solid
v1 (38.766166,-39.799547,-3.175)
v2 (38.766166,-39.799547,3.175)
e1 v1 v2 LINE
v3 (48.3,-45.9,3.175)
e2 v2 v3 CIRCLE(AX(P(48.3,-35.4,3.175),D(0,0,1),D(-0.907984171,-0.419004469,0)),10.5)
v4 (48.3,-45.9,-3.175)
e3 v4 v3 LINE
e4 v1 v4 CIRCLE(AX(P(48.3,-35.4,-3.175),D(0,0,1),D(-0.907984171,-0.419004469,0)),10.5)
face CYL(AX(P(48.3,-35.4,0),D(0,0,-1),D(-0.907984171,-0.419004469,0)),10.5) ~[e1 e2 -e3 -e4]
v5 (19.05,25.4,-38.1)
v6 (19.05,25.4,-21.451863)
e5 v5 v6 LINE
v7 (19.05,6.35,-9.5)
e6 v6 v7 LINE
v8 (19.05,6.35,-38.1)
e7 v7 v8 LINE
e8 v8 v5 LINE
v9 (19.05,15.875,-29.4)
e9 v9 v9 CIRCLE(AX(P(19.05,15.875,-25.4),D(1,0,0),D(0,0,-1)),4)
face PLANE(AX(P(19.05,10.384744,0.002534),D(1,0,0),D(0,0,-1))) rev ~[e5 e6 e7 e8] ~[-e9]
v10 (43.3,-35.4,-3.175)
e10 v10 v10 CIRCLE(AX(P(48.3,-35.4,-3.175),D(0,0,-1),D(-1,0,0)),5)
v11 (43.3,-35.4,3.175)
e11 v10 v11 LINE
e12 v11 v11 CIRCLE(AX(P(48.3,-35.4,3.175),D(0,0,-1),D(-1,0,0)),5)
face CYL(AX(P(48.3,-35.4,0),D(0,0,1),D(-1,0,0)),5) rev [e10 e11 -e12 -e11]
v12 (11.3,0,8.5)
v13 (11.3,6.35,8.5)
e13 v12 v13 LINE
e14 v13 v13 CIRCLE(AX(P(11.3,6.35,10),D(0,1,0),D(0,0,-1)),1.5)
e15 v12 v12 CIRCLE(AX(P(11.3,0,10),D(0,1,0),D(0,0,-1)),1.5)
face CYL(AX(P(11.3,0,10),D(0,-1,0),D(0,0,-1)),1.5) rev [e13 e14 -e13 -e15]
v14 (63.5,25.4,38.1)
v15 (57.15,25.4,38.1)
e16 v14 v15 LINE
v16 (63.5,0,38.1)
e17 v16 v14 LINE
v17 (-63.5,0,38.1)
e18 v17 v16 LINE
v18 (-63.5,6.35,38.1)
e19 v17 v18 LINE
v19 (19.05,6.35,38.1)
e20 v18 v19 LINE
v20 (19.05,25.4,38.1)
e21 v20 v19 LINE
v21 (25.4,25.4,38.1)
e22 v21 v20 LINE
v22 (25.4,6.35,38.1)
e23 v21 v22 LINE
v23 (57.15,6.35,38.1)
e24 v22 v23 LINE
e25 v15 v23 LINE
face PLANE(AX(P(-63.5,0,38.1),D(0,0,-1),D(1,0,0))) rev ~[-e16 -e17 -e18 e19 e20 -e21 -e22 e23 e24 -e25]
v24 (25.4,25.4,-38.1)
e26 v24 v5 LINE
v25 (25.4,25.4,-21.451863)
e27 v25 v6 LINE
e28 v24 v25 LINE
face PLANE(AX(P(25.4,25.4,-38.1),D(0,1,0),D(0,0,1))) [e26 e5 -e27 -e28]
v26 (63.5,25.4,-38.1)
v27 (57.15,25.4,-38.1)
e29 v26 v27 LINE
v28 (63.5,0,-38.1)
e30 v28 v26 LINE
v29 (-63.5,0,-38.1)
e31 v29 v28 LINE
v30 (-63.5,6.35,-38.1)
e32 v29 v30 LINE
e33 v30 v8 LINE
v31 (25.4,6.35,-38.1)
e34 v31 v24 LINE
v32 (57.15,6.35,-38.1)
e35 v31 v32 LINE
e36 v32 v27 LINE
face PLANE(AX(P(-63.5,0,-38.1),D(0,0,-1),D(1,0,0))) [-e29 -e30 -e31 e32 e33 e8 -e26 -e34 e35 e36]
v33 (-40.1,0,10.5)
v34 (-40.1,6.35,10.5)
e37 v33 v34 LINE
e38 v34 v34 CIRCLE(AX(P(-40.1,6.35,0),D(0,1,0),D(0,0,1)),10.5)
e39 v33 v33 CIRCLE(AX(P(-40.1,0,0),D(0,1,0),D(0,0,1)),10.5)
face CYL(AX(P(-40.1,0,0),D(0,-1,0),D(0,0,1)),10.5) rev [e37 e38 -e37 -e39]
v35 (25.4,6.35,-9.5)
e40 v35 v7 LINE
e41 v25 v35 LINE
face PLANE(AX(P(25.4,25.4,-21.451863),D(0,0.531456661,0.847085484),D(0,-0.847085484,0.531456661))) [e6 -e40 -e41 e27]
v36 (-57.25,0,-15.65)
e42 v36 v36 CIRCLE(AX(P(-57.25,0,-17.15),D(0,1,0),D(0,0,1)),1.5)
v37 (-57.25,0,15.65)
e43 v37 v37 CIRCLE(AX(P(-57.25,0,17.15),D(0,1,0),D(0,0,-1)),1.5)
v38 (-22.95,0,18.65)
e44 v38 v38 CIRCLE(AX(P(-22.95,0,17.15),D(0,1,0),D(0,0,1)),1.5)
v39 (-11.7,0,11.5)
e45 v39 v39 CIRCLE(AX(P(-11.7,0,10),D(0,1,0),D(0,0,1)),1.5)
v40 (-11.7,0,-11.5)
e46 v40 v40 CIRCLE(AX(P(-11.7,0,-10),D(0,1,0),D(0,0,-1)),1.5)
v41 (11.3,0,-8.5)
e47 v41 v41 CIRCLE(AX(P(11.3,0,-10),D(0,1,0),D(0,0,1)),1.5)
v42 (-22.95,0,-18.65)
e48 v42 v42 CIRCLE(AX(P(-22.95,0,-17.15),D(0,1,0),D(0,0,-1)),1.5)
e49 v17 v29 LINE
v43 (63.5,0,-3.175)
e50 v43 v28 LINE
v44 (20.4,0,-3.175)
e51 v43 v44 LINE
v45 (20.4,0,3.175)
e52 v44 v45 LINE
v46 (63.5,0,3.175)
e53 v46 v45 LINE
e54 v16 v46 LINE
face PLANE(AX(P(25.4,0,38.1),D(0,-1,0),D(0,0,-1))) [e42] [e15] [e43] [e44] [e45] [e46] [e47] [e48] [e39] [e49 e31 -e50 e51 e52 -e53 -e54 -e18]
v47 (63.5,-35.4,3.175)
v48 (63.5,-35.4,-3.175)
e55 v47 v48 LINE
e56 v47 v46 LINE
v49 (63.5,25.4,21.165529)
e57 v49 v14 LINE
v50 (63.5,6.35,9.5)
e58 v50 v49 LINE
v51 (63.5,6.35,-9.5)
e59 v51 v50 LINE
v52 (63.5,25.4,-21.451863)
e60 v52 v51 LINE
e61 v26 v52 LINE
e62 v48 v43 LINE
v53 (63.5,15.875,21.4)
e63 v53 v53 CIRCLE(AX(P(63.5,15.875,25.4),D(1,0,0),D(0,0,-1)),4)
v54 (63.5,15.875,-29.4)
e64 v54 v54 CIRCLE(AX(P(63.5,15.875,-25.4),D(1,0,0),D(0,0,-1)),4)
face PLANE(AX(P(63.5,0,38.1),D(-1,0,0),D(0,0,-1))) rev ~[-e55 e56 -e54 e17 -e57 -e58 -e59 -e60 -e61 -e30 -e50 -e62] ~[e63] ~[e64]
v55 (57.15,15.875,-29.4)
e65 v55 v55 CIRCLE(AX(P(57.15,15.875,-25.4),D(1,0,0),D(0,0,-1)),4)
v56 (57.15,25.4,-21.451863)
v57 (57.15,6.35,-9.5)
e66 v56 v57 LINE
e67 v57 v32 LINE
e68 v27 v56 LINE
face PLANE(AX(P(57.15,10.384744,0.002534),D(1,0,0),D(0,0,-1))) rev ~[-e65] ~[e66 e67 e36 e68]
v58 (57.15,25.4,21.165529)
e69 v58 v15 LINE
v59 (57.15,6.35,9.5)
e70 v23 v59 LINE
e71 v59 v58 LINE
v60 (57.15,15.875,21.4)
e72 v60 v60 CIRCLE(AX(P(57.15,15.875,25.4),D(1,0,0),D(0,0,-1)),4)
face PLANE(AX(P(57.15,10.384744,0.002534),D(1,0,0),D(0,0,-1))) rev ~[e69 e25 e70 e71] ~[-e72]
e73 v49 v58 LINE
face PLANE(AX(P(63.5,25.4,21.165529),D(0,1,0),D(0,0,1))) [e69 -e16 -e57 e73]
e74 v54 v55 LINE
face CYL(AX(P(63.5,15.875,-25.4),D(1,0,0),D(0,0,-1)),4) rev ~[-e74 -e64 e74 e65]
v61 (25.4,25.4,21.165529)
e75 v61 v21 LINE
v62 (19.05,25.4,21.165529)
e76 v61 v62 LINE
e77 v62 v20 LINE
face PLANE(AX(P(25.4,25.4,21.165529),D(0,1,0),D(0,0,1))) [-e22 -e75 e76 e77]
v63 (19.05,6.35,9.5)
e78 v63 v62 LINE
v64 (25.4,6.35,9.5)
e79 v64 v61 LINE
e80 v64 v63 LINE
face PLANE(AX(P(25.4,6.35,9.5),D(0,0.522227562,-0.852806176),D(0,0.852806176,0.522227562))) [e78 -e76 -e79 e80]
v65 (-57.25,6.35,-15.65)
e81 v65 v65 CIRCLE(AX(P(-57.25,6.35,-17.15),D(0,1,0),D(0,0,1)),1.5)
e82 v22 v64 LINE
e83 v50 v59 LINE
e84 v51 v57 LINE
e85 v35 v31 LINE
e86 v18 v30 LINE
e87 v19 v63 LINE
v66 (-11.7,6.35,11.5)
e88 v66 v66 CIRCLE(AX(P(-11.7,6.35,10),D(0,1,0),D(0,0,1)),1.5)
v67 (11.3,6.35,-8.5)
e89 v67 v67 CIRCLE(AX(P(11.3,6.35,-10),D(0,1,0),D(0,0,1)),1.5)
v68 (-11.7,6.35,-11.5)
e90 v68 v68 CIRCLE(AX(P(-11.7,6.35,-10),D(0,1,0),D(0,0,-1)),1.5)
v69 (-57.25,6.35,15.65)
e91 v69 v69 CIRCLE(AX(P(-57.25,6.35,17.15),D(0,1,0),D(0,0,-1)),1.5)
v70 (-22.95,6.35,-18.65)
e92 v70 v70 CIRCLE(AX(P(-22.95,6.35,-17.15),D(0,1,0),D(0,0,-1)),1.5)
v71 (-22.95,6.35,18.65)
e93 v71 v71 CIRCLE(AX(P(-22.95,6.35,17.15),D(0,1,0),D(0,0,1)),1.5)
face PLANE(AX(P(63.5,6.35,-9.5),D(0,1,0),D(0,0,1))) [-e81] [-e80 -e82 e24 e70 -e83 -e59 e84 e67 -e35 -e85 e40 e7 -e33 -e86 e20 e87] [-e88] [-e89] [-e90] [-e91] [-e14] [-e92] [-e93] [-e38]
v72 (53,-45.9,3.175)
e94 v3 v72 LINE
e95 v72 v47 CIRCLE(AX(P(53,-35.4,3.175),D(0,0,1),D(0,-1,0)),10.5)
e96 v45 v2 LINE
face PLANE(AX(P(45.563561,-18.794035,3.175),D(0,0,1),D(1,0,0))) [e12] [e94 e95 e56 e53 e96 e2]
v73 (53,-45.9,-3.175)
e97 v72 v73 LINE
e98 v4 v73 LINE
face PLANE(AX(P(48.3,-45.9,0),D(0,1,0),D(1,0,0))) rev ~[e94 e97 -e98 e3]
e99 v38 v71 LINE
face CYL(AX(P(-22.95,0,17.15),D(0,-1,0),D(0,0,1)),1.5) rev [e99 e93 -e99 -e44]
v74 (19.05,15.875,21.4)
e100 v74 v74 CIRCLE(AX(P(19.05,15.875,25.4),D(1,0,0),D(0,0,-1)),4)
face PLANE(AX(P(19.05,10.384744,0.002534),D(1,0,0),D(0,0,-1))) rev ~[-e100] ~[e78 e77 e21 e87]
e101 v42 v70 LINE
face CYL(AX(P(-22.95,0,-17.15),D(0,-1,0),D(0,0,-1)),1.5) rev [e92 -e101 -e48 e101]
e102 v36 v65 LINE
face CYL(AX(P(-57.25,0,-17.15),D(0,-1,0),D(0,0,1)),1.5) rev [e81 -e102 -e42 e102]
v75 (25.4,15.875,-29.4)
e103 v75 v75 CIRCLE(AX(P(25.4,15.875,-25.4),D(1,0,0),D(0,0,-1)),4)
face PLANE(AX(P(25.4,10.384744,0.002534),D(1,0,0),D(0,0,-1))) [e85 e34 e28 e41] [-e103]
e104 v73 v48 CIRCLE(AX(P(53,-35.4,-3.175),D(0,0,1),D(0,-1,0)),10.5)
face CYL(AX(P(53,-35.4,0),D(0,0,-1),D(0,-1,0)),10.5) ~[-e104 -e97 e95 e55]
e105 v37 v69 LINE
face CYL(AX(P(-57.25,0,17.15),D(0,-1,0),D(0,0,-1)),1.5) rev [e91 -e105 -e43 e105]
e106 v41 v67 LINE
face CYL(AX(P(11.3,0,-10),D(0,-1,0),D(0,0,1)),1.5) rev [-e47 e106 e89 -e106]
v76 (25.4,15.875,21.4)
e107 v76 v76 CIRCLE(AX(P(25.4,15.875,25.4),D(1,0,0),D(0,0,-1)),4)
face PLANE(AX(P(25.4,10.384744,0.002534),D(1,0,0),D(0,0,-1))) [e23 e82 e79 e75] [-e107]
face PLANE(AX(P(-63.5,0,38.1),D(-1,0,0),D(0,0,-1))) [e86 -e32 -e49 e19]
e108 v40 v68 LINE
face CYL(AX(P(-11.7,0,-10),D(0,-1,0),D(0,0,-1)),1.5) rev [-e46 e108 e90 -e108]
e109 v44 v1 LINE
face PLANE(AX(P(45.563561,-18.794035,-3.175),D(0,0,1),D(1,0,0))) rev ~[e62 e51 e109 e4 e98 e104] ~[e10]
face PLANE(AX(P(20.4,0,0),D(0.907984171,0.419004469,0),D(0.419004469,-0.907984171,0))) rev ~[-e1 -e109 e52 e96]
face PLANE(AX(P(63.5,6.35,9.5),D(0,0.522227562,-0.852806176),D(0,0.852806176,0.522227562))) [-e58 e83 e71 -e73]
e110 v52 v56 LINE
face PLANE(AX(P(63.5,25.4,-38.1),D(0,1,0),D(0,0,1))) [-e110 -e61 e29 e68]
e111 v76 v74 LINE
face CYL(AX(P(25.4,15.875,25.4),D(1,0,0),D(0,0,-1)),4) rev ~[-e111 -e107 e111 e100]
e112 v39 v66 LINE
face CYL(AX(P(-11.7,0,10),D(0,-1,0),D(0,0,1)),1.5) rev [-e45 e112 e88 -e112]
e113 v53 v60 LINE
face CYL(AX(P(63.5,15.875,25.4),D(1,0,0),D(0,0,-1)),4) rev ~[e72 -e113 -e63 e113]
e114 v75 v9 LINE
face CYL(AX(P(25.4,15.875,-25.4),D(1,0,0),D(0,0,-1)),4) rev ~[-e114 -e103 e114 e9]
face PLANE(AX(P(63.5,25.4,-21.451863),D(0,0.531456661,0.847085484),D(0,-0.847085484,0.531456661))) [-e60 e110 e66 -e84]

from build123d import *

# Parameters (mm, degrees)
SKETCH2_W           = 127
SKETCH2_H           = 76.2
SKETCH2_R           = 10.5
SKETCH2_R_2         = 1.5
BOSS_EXTRUDE1_DEPTH = 6.35
SKETCH3_R           = 4
BOSS_EXTRUDE2_DEPTH = 6.35
LPATTERN1_COUNT     = 2
LPATTERN1_PITCH     = 38.1
BOSS_EXTRUDE3_START = -38.1
SKETCH4_R           = 5
BOSS_EXTRUDE3_DEPTH = 3.175


with BuildPart() as part:
    # Sketch2 → Boss-Extrude1 (new body)
    with BuildSketch(Plane(origin=(0, 0, 0), x_dir=(1, 0, 0), z_dir=(0, 1, 0))):
        Rectangle(SKETCH2_W, SKETCH2_H)
        with Locations(Location((-40.1, 0, 0), (0, 0, 270))):
            Circle(SKETCH2_R, mode=Mode.SUBTRACT)
        with Locations(Location((11.3, 10, 0), (0, 0, 270))):
            Circle(SKETCH2_R_2, mode=Mode.SUBTRACT)
        with Locations(Location((-57.25, 17.15, 0), (0, 0, 270))):
            Circle(SKETCH2_R_2, mode=Mode.SUBTRACT)
        with Locations(Location((-57.25, -17.15, 0), (0, 0, 90))):
            Circle(SKETCH2_R_2, mode=Mode.SUBTRACT)
        with Locations(Location((-11.7, 10, 0), (0, 0, 90))):
            Circle(SKETCH2_R_2, mode=Mode.SUBTRACT)
        with Locations(Location((-22.95, -17.15, 0), (0, 0, 270))):
            Circle(SKETCH2_R_2, mode=Mode.SUBTRACT)
        with Locations(Location((-22.95, 17.15, 0), (0, 0, 90))):
            Circle(SKETCH2_R_2, mode=Mode.SUBTRACT)
        with Locations(Location((11.3, -10, 0), (0, 0, 90))):
            Circle(SKETCH2_R_2, mode=Mode.SUBTRACT)
        with Locations(Location((-11.7, -10, 0), (0, 0, 270))):
            Circle(SKETCH2_R_2, mode=Mode.SUBTRACT)
    extrude(amount=BOSS_EXTRUDE1_DEPTH)

    # Sketch3 → Boss-Extrude2 (add)
    with BuildSketch(Plane(origin=(63.5, 0, 0), x_dir=(0, 0, -1), z_dir=(1, 0, 0))):
        Polygon((-38.1, 0), (38.1, 0), (38.1, 25.4), (21.451862696, 25.4), (9.5, 6.35), (-9.5, 6.35), (-21.165528848, 25.4), (-38.1, 25.4), align=None)
        with Locations((-25.4, 15.875)):
            Circle(SKETCH3_R, mode=Mode.SUBTRACT)
        with Locations((25.4, 15.875)):
            Circle(SKETCH3_R, mode=Mode.SUBTRACT)
    boss_extrude2 = extrude(amount=-BOSS_EXTRUDE2_DEPTH)

    # LPattern1: Boss-Extrude2 ×2
    with Locations(*[(-i * LPATTERN1_PITCH, 0, 0) for i in range(1, LPATTERN1_COUNT)]):
        add(boss_extrude2)

    # Sketch4 → Boss-Extrude3 (add, symmetric)
    with BuildSketch(Plane(origin=(0, 0, -38.1), x_dir=(-1, 0, 0), z_dir=(0, 0, -1)).offset(BOSS_EXTRUDE3_START)):
        with BuildLine():
            Line((-63.5, 0), (-20.400000165, 0))
            Line((-20.400000165, 0), (-38.766166206, -39.799546929))
            ThreePointArc((-38.766166206, -39.799546929), (-42.640726317, -44.24435534), (-48.3, -45.9))
            Line((-48.3, -45.9), (-53, -45.9))
            ThreePointArc((-53, -45.9), (-60.424621202, -42.824621202), (-63.5, -35.4))
            Line((-63.5, -35.4), (-63.5, 0))
        make_face()
        with Locations((-48.3, -35.4)):
            Circle(SKETCH4_R, mode=Mode.SUBTRACT)
    extrude(amount=BOSS_EXTRUDE3_DEPTH, both=True)


solid = part.part
